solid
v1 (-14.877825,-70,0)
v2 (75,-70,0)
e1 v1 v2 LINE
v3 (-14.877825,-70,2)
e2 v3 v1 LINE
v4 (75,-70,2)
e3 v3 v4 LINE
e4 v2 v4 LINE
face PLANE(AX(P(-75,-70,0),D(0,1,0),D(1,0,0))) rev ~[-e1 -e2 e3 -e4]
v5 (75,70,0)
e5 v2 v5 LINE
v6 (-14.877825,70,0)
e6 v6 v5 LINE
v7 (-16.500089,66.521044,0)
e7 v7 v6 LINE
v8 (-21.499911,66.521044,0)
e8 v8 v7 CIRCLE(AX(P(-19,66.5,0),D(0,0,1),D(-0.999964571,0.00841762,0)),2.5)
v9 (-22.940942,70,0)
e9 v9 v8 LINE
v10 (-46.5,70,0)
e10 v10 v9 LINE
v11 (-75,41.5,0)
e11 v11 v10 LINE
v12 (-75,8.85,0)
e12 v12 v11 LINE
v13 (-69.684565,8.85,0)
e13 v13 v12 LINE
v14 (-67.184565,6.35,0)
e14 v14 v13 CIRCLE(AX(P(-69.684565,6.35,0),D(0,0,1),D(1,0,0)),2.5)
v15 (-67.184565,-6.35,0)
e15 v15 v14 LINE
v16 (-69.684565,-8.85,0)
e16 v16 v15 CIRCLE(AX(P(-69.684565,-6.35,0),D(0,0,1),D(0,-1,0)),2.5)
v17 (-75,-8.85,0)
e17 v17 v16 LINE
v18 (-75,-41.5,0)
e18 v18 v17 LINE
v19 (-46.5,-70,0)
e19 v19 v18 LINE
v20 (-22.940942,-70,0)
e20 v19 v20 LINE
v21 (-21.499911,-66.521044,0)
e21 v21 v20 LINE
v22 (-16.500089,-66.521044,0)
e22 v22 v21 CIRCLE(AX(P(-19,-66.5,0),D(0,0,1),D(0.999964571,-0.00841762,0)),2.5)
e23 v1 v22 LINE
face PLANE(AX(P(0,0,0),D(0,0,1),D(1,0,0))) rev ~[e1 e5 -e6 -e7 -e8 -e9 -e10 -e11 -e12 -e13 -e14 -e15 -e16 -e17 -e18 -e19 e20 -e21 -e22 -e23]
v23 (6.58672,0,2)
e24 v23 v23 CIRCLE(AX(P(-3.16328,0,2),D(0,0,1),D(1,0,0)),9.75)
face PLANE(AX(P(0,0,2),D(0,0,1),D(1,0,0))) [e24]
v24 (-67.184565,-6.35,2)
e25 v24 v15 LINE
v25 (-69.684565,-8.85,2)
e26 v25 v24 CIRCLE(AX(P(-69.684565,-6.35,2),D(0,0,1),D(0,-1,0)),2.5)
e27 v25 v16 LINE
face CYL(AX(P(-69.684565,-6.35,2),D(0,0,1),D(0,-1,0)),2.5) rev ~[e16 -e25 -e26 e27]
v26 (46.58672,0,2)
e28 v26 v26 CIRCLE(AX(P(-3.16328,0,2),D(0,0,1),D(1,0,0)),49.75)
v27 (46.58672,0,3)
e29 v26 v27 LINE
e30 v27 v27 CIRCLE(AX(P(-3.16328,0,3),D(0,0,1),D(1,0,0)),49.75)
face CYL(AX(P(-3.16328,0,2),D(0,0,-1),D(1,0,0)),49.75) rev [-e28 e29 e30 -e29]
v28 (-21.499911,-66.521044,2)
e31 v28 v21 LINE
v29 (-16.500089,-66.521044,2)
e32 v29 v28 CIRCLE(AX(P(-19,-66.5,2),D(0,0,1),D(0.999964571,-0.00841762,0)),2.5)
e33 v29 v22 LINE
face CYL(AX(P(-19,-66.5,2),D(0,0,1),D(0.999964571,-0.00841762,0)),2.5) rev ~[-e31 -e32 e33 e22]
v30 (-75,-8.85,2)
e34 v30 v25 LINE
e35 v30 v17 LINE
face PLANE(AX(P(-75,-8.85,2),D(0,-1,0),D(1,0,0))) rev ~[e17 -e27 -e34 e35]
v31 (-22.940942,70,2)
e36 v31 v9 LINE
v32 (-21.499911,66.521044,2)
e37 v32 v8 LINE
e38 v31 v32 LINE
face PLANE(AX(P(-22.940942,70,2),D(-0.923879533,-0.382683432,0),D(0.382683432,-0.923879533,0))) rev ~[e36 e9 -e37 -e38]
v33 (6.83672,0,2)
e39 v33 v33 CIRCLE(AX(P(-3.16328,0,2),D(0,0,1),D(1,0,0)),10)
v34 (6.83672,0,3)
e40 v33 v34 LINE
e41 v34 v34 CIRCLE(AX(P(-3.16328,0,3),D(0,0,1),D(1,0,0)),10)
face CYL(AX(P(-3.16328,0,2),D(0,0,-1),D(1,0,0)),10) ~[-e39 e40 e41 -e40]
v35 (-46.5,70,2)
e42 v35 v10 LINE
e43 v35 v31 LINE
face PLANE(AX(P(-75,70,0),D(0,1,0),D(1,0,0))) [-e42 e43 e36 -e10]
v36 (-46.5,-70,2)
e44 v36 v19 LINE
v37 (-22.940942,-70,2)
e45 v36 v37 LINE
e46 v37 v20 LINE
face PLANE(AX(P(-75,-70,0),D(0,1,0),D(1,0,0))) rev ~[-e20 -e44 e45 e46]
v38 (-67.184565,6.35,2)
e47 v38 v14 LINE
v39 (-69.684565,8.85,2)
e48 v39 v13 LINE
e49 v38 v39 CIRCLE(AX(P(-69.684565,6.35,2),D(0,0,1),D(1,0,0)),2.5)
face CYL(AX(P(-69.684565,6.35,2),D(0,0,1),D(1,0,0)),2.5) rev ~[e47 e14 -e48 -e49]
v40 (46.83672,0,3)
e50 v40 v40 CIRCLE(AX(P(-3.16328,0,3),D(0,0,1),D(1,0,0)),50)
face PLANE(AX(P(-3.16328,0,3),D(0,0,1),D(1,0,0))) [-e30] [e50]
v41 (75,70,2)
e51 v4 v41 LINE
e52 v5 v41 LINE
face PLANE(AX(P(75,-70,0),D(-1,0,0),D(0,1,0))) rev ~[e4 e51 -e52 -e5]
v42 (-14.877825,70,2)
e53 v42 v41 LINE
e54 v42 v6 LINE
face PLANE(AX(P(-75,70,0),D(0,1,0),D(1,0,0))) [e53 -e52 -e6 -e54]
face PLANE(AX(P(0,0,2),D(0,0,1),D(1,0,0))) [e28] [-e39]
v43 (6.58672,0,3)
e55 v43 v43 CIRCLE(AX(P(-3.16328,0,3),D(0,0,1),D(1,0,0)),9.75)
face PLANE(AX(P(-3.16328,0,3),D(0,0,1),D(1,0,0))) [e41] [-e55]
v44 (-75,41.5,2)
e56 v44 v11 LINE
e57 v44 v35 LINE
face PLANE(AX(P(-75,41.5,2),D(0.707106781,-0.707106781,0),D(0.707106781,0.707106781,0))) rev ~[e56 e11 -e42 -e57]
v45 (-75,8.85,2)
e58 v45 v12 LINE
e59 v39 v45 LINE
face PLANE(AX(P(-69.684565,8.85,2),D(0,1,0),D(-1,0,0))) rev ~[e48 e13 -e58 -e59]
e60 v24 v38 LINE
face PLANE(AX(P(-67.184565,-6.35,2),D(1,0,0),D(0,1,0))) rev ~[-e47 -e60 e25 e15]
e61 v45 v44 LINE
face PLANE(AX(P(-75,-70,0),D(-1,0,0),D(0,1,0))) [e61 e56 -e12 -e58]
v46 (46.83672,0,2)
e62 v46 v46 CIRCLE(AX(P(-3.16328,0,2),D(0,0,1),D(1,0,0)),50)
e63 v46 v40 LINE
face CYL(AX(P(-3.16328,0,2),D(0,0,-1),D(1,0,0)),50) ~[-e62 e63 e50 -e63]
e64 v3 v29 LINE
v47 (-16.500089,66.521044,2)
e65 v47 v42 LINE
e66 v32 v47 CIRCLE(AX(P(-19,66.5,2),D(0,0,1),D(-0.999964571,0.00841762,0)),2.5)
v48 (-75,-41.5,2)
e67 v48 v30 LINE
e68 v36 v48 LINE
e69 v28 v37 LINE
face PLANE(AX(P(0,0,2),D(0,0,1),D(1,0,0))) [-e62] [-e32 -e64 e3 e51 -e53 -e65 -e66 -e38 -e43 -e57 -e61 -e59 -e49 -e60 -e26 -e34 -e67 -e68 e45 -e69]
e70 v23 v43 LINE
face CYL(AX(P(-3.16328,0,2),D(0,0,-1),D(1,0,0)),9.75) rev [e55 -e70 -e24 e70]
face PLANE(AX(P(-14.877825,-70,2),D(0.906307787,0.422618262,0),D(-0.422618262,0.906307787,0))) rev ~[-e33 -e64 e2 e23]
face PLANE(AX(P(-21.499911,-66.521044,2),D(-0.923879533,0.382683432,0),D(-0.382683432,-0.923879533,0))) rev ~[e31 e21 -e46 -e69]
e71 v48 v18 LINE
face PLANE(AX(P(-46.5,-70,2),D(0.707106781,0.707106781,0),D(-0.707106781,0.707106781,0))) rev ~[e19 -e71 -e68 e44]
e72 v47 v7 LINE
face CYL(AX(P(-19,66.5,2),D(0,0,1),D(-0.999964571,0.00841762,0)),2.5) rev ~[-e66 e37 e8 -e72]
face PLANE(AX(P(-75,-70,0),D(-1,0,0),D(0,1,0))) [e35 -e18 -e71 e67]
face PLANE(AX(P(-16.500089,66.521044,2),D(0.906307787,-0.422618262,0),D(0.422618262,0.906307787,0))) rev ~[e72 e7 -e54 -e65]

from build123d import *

# Parameters (mm, degrees)
F0_W     = 150
F0_H     = 140
F1_DEPTH = 2
F2_R     = 2.5
F3_DEPTH = 5
F4_R     = 50
F4_R_2   = 49.75
F5_DEPTH = 1
F6_R     = 10
F6_R_2   = 9.75
F7_DEPTH = 1


with BuildPart() as f1:
    # F0 (on Top) → F1 (new body)
    with BuildSketch(Plane.XY):
        Rectangle(F0_W, F0_H)
    extrude(amount=F1_DEPTH)

    # F2 (on face) → F3 (cut)
    with BuildSketch(Plane.XY.offset(2)):
        Polygon((-75, 70), (-75, 41.5), (-46.5, 70), align=None)
        with Locations((-64, 57.6)):
            Circle(F2_R, mode=Mode.SUBTRACT)
        Polygon((-46.5, -70), (-75, -41.5), (-75, -70), align=None)
        with Locations((-64, -57.6)):
            Circle(F2_R, mode=Mode.SUBTRACT)
        with BuildLine():
            Line((-67.1845650673, -6.35), (-67.1845650673, 6.35))
            ThreePointArc((-67.1845650673, 6.35), (-67.9167981143, 8.117766953), (-69.6845650673, 8.85))
            Line((-69.6845650673, 8.85), (-75, 8.85))
            Line((-75, 8.85), (-75, -8.85))
            Line((-75, -8.85), (-69.6845650673, -8.85))
            ThreePointArc((-69.6845650673, -8.85), (-67.9167981143, -8.117766953), (-67.1845650673, -6.35))
        make_face()
        with BuildLine():
            Line((-21.499911428, -66.5210440509), (-22.940942165, -70))
            Line((-22.940942165, -70), (-14.8778247705, -70))
            Line((-14.8778247705, -70), (-16.500088572, -66.5210440509))
            ThreePointArc((-16.500088572, -66.5210440509), (-19, -64), (-21.499911428, -66.5210440509))
        make_face()
        with BuildLine():
            Line((-14.8778247705, 70), (-22.940942165, 70))
            Line((-22.940942165, 70), (-21.499911428, 66.5210440509))
            ThreePointArc((-21.499911428, 66.5210440509), (-19, 64), (-16.500088572, 66.5210440509))
            Line((-16.500088572, 66.5210440509), (-14.8778247705, 70))
        make_face()
        with Locations((-64, 57.6)):
            Circle(F2_R)
        with Locations((-64, -57.6)):
            Circle(F2_R)
    extrude(amount=-F3_DEPTH, mode=Mode.SUBTRACT)

    # F4 (on face) → F5 (join)
    with BuildSketch(Plane.XY.offset(2)):
        with Locations((-3.16328, 0)):
            Circle(F4_R)
        with Locations((-3.16328, 0)):
            Circle(F4_R_2, mode=Mode.SUBTRACT)
    extrude(amount=F5_DEPTH)

    # F6 (on face) → F7 (join)
    with BuildSketch(Plane.XY.offset(2)):
        with Locations((-3.16328, 0)):
            Circle(F6_R)
        with Locations((-3.16328, 0)):
            Circle(F6_R_2, mode=Mode.SUBTRACT)
    extrude(amount=F7_DEPTH)


solid = f1.part
